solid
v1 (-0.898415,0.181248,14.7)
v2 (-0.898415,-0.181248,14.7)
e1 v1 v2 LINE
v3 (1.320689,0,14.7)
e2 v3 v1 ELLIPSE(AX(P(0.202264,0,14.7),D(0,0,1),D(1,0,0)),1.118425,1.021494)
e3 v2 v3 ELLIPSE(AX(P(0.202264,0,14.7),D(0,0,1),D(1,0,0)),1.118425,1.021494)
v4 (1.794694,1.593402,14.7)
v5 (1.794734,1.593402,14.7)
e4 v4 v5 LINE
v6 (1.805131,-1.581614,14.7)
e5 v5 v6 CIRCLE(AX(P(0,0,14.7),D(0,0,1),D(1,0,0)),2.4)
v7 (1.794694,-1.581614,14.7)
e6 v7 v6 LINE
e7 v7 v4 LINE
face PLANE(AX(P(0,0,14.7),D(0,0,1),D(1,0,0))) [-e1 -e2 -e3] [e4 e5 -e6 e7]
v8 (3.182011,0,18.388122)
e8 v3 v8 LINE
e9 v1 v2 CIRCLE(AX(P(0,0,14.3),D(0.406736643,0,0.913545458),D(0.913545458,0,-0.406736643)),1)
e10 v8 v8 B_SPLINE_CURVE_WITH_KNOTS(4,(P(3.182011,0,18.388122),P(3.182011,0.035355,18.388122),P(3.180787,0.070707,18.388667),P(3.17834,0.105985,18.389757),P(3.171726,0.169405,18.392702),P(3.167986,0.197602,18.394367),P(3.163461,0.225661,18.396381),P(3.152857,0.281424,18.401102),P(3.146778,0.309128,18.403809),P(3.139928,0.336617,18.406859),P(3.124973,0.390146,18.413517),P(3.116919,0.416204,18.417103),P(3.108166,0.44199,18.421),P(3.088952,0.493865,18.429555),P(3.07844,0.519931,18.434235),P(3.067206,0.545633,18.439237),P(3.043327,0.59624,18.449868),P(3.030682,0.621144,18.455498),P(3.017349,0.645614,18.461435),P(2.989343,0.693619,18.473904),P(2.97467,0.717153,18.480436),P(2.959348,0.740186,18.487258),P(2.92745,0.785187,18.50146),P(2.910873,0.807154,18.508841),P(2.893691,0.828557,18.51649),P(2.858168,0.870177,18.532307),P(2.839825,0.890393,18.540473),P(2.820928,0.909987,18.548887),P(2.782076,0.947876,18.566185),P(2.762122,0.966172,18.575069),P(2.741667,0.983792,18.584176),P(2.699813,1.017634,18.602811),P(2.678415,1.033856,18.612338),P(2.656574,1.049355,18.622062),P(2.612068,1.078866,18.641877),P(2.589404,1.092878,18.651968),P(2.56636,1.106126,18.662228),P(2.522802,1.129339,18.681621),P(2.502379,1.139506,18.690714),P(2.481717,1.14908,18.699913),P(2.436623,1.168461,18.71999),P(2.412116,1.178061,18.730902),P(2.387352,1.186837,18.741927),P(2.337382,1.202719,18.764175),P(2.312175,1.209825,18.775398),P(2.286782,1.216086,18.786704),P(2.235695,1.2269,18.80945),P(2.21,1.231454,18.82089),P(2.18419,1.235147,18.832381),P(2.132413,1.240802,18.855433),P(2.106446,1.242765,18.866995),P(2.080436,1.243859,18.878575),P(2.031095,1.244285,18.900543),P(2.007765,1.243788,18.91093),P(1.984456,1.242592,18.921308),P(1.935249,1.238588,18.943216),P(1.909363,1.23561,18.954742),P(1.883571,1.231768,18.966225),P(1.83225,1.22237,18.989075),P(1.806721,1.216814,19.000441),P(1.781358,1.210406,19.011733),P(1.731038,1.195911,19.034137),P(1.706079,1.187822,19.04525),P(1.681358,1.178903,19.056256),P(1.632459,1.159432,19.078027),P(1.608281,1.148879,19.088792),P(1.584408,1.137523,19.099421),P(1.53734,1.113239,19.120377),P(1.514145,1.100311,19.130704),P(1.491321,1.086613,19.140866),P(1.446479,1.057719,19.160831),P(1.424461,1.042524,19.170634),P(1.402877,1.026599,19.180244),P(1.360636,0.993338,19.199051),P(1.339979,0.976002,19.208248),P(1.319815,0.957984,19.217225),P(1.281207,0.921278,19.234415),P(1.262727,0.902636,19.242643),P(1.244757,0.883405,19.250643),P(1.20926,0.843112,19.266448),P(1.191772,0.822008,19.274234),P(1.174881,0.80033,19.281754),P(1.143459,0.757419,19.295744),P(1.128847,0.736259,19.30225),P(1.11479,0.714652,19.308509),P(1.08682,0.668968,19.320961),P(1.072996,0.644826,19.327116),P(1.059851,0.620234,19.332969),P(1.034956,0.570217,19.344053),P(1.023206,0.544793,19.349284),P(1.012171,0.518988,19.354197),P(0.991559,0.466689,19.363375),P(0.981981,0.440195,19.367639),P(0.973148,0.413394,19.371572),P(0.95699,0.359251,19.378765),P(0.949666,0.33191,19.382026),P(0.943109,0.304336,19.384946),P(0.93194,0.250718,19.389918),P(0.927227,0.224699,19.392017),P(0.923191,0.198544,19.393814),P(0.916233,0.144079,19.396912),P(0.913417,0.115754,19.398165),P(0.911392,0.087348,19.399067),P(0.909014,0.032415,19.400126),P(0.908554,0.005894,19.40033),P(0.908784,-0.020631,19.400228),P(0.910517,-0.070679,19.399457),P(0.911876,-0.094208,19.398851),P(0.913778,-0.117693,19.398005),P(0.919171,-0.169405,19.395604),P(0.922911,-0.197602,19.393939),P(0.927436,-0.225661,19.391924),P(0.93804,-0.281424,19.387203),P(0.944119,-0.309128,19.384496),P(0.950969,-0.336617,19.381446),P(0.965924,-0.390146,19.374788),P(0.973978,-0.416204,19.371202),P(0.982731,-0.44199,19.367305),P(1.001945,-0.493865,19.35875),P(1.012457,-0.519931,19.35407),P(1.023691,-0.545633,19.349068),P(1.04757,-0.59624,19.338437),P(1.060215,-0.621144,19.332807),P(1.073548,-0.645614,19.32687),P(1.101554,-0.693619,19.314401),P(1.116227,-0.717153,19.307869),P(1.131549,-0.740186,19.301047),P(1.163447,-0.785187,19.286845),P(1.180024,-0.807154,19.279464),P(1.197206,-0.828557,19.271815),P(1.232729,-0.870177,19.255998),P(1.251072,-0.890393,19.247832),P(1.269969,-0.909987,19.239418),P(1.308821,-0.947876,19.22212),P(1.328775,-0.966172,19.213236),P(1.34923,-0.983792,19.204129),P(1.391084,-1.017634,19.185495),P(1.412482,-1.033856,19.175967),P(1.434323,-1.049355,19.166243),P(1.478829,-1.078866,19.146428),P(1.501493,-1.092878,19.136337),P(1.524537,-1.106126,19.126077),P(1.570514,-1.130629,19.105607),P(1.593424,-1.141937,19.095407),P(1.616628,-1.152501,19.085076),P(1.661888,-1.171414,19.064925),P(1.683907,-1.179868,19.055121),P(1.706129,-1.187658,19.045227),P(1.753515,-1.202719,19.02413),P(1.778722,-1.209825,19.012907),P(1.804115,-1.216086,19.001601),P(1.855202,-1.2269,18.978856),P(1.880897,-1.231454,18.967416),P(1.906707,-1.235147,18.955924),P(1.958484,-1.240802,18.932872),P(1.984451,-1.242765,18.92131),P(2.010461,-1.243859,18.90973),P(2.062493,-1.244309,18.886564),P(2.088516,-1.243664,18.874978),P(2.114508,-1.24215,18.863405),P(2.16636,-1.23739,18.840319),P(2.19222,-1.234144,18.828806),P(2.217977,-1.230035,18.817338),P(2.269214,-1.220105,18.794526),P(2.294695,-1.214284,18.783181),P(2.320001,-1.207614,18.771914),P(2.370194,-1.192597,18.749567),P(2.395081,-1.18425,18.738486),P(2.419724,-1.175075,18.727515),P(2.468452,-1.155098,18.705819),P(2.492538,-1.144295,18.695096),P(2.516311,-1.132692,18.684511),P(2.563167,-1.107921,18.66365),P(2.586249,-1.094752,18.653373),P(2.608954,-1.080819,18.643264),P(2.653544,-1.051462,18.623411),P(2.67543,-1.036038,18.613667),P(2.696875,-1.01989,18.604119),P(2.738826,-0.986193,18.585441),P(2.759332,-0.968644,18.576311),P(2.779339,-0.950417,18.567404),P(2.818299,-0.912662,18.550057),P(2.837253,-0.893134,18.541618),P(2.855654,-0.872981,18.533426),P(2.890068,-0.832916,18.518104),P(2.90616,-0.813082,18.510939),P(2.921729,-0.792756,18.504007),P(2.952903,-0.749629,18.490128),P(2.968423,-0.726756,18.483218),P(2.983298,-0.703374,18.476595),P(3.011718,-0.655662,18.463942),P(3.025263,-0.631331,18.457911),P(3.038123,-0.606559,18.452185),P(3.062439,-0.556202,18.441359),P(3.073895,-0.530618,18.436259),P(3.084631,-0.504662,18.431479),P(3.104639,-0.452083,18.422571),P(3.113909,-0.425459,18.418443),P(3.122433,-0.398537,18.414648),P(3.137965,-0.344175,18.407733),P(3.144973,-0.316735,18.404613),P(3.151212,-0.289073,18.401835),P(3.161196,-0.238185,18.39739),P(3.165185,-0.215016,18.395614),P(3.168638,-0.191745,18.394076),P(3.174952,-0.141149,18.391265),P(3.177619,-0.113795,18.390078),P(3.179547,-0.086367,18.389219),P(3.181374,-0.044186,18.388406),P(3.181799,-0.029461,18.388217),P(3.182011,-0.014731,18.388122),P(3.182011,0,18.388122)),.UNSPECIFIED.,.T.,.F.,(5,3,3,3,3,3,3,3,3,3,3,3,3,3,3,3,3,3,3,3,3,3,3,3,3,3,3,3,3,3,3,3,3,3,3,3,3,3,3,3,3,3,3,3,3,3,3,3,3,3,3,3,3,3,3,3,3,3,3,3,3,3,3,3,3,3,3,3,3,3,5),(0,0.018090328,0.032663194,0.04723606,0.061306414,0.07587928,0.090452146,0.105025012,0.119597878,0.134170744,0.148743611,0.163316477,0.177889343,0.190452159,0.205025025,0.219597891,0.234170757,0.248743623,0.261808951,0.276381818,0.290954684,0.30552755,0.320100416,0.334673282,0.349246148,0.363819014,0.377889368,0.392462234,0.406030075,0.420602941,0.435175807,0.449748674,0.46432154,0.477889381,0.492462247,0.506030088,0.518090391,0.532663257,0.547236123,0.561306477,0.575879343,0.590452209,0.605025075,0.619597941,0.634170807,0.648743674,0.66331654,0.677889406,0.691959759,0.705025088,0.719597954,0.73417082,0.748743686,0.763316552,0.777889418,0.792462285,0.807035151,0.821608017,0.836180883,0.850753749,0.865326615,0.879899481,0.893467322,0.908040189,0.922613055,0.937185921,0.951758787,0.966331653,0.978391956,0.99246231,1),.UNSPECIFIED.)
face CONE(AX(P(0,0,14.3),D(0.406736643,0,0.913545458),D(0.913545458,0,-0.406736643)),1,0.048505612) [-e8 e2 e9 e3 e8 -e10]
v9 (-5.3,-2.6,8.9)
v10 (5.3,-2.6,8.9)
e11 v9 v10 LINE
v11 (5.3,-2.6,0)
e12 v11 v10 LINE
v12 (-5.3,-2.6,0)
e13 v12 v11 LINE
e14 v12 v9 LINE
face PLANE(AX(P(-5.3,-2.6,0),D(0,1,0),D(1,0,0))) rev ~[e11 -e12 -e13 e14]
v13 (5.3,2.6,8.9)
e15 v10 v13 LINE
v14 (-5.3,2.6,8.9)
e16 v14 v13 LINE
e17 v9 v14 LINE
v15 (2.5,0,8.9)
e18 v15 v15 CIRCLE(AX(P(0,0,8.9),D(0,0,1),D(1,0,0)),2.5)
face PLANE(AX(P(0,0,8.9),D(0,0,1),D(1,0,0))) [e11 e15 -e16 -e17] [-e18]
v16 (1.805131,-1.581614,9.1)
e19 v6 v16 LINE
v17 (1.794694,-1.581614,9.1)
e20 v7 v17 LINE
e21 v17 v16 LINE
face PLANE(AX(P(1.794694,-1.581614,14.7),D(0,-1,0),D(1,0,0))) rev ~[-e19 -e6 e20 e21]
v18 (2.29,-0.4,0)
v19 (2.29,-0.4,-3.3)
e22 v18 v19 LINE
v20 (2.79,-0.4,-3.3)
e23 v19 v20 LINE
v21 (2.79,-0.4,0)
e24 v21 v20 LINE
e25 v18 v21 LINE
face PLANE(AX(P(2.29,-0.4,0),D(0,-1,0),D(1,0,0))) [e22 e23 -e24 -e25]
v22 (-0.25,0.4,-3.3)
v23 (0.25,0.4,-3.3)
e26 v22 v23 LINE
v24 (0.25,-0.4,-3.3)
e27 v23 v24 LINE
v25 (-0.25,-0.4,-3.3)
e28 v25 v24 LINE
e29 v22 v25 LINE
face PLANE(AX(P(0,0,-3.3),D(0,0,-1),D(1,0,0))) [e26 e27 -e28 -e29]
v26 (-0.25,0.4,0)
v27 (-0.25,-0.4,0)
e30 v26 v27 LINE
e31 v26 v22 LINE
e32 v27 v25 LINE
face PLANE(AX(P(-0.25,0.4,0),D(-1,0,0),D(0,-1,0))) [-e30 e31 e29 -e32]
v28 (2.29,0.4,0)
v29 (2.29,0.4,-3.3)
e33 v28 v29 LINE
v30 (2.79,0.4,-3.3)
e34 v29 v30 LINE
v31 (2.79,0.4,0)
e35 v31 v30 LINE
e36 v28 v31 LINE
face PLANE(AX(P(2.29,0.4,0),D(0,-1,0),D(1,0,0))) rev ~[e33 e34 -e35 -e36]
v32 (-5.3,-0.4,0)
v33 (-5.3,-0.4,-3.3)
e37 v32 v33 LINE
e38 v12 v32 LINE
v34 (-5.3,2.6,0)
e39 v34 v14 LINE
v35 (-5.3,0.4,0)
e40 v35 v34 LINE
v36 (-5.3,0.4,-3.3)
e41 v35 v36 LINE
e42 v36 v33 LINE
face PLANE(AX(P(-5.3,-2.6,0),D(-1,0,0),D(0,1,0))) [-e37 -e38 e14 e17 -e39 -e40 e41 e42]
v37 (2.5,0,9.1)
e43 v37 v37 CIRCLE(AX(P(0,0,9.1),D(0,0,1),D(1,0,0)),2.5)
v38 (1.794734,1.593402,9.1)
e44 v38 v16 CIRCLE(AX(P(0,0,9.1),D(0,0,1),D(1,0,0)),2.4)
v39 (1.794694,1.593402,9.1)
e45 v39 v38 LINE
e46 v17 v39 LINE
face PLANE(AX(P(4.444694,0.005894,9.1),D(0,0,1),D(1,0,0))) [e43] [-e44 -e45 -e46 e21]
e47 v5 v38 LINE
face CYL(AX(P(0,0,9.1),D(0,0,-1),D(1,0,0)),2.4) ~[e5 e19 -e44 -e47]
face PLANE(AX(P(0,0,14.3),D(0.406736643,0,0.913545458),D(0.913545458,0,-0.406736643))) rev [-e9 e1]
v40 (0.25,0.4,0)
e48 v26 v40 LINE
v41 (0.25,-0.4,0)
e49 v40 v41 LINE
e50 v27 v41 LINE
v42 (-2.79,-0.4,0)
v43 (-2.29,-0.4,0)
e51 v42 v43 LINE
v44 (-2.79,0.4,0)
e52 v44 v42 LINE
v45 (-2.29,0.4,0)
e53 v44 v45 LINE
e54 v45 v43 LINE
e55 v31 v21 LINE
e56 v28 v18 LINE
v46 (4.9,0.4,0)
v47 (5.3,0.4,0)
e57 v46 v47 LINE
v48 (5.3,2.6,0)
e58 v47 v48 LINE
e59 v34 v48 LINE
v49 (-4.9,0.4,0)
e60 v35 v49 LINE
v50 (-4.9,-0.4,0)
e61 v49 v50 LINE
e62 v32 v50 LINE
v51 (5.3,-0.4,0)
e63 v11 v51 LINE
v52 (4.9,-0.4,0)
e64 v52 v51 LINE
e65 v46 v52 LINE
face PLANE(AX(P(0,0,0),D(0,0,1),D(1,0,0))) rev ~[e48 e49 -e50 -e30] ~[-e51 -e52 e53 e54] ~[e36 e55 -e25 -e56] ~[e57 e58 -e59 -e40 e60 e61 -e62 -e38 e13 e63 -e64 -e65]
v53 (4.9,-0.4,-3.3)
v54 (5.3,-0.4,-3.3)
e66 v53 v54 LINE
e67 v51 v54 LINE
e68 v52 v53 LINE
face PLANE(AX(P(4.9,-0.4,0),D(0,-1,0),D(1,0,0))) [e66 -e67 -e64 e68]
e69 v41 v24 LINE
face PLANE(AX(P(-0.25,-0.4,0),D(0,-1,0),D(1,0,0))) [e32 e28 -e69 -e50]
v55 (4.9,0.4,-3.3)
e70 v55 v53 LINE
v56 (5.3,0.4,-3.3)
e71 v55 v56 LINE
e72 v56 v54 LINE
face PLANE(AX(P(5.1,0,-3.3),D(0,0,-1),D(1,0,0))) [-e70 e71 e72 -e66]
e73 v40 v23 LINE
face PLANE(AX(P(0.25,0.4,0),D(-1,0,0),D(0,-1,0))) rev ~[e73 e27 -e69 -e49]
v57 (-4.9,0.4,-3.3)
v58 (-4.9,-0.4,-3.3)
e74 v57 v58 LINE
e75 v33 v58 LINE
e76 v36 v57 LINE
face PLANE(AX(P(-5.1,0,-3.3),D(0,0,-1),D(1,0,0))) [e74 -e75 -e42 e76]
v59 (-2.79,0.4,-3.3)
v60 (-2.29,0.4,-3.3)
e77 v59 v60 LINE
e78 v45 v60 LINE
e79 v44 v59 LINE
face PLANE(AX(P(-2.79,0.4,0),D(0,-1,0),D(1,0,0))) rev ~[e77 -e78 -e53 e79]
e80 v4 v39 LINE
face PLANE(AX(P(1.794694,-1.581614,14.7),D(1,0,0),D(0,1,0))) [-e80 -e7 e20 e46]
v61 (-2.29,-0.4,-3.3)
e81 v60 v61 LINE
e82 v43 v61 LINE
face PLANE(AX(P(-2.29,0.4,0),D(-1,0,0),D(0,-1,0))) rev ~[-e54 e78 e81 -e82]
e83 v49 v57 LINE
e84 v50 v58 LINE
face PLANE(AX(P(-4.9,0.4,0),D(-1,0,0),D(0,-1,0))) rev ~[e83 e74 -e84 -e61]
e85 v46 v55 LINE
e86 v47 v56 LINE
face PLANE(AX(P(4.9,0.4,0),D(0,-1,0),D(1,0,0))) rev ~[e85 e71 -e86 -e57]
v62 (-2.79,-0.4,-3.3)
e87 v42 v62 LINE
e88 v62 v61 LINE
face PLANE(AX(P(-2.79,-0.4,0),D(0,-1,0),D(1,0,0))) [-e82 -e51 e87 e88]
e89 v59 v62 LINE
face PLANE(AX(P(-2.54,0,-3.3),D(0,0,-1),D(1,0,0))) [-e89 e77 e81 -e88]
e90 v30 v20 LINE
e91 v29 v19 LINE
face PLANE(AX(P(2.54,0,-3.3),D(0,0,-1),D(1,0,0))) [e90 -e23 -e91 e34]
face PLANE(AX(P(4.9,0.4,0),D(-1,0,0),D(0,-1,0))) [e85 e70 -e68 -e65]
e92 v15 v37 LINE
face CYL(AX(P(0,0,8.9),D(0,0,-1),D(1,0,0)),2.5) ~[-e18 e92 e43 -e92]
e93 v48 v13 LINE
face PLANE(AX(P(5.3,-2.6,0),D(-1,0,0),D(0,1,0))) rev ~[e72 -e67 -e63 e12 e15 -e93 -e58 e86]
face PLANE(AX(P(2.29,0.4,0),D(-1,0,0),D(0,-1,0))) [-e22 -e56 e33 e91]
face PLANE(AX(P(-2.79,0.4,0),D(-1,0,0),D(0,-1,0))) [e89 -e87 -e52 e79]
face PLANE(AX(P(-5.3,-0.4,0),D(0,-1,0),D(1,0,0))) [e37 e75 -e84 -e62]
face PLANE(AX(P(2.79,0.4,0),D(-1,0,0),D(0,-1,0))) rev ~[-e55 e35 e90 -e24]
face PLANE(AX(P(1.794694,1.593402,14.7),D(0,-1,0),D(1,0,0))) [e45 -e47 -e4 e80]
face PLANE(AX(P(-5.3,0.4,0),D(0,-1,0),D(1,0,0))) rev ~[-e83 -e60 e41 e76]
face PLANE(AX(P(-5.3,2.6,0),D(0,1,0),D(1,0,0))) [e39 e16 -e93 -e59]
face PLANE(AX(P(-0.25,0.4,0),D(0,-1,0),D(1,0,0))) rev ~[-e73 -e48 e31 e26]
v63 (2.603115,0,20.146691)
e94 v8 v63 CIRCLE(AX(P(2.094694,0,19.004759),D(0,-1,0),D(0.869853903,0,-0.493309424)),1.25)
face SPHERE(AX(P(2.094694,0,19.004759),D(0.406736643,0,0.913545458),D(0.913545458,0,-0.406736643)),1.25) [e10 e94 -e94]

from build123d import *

# Parameters (mm, degrees)
SKETCH_W      = 10.6
SKETCH_H      = 5.2
PAD_DEPTH     = 8.9
SKETCH001_R   = 2.5
PAD001_DEPTH  = 0.2
SKETCH002_R   = 2.4
PAD002_DEPTH  = 5.6
SKETCH003_W   = 0.5
SKETCH003_H   = 0.8
SKETCH003_W_2 = 0.4
PAD003_DEPTH  = 3.3
SKETCH004_W   = 5.3
SKETCH004_H   = 3.175016
POCKET_DEPTH  = 5.6


with BuildPart() as part:
    # Sketch → Pad (new body)
    with BuildSketch(Plane.XY):
        Rectangle(SKETCH_W, SKETCH_H)
    extrude(amount=PAD_DEPTH)

    # Sketch001 (on Face6 of Pad) → Pad001 (join)
    with BuildSketch(Plane.XY.offset(8.9)):
        Circle(SKETCH001_R)
    extrude(amount=PAD001_DEPTH)

    # Sketch002 (on Face8 of Pad001) → Pad002 (join)
    with BuildSketch(Plane.XY.offset(9.1)):
        Circle(SKETCH002_R)
    extrude(amount=PAD002_DEPTH)

    # Sketch003 (on Face4 of Pad002) → Pad003 (join)
    with BuildSketch(Plane(origin=(0, 0, 0), x_dir=(1, 0, 0), z_dir=(0, 0, -1))):
        Rectangle(SKETCH003_W, SKETCH003_H)
        with Locations((-2.54, 0)):
            Rectangle(SKETCH003_W, SKETCH003_H)
        with Locations((2.54, 0)):
            Rectangle(SKETCH003_W, SKETCH003_H)
        with Locations((-5.1, 0)):
            Rectangle(SKETCH003_W_2, SKETCH003_H)
        with Locations((5.1, 0)):
            Rectangle(SKETCH003_W_2, SKETCH003_H)
    extrude(amount=PAD003_DEPTH)

    # Cone → Cone (revolve)
    with BuildSketch(Plane(origin=(0, 0, 14.3), x_dir=(0.9135454576, 0, -0.4067366431), z_dir=(0, -1, 0))):
        Polygon((0, 0), (1, 0), (1.25, 5.15), (0, 5.15), align=None)
    revolve(axis=Axis((0, 0, 14.3), (0.4067366431, 0, 0.9135454576)))

    # Sphere → Sphere (revolve)
    with BuildSketch(Plane(origin=(2.0946937118, 0, 19.0047591069), x_dir=(0.9135454576, 0, -0.4067366431), z_dir=(0, -1, 0))):
        with BuildLine():
            ThreePointArc((0, -1.25), (1.25, 0), (0, 1.25))
            Line((0, 1.25), (0, -1.25))
        make_face()
    revolve(axis=Axis((2.0946937118, 0, 19.0047591069), (0.4067366431, 0, 0.9135454576)))

    # Sketch004 (on Face35 of Sphere) → Pocket (cut)
    with BuildSketch(Plane(origin=(2.0946937118, 0, 14.7), x_dir=(1, 0, 0), z_dir=(0, 0, 1))):
        with Locations((2.35, 0.005894)):
            Rectangle(SKETCH004_W, SKETCH004_H)
    extrude(amount=-POCKET_DEPTH, mode=Mode.SUBTRACT)


solid = part.part
